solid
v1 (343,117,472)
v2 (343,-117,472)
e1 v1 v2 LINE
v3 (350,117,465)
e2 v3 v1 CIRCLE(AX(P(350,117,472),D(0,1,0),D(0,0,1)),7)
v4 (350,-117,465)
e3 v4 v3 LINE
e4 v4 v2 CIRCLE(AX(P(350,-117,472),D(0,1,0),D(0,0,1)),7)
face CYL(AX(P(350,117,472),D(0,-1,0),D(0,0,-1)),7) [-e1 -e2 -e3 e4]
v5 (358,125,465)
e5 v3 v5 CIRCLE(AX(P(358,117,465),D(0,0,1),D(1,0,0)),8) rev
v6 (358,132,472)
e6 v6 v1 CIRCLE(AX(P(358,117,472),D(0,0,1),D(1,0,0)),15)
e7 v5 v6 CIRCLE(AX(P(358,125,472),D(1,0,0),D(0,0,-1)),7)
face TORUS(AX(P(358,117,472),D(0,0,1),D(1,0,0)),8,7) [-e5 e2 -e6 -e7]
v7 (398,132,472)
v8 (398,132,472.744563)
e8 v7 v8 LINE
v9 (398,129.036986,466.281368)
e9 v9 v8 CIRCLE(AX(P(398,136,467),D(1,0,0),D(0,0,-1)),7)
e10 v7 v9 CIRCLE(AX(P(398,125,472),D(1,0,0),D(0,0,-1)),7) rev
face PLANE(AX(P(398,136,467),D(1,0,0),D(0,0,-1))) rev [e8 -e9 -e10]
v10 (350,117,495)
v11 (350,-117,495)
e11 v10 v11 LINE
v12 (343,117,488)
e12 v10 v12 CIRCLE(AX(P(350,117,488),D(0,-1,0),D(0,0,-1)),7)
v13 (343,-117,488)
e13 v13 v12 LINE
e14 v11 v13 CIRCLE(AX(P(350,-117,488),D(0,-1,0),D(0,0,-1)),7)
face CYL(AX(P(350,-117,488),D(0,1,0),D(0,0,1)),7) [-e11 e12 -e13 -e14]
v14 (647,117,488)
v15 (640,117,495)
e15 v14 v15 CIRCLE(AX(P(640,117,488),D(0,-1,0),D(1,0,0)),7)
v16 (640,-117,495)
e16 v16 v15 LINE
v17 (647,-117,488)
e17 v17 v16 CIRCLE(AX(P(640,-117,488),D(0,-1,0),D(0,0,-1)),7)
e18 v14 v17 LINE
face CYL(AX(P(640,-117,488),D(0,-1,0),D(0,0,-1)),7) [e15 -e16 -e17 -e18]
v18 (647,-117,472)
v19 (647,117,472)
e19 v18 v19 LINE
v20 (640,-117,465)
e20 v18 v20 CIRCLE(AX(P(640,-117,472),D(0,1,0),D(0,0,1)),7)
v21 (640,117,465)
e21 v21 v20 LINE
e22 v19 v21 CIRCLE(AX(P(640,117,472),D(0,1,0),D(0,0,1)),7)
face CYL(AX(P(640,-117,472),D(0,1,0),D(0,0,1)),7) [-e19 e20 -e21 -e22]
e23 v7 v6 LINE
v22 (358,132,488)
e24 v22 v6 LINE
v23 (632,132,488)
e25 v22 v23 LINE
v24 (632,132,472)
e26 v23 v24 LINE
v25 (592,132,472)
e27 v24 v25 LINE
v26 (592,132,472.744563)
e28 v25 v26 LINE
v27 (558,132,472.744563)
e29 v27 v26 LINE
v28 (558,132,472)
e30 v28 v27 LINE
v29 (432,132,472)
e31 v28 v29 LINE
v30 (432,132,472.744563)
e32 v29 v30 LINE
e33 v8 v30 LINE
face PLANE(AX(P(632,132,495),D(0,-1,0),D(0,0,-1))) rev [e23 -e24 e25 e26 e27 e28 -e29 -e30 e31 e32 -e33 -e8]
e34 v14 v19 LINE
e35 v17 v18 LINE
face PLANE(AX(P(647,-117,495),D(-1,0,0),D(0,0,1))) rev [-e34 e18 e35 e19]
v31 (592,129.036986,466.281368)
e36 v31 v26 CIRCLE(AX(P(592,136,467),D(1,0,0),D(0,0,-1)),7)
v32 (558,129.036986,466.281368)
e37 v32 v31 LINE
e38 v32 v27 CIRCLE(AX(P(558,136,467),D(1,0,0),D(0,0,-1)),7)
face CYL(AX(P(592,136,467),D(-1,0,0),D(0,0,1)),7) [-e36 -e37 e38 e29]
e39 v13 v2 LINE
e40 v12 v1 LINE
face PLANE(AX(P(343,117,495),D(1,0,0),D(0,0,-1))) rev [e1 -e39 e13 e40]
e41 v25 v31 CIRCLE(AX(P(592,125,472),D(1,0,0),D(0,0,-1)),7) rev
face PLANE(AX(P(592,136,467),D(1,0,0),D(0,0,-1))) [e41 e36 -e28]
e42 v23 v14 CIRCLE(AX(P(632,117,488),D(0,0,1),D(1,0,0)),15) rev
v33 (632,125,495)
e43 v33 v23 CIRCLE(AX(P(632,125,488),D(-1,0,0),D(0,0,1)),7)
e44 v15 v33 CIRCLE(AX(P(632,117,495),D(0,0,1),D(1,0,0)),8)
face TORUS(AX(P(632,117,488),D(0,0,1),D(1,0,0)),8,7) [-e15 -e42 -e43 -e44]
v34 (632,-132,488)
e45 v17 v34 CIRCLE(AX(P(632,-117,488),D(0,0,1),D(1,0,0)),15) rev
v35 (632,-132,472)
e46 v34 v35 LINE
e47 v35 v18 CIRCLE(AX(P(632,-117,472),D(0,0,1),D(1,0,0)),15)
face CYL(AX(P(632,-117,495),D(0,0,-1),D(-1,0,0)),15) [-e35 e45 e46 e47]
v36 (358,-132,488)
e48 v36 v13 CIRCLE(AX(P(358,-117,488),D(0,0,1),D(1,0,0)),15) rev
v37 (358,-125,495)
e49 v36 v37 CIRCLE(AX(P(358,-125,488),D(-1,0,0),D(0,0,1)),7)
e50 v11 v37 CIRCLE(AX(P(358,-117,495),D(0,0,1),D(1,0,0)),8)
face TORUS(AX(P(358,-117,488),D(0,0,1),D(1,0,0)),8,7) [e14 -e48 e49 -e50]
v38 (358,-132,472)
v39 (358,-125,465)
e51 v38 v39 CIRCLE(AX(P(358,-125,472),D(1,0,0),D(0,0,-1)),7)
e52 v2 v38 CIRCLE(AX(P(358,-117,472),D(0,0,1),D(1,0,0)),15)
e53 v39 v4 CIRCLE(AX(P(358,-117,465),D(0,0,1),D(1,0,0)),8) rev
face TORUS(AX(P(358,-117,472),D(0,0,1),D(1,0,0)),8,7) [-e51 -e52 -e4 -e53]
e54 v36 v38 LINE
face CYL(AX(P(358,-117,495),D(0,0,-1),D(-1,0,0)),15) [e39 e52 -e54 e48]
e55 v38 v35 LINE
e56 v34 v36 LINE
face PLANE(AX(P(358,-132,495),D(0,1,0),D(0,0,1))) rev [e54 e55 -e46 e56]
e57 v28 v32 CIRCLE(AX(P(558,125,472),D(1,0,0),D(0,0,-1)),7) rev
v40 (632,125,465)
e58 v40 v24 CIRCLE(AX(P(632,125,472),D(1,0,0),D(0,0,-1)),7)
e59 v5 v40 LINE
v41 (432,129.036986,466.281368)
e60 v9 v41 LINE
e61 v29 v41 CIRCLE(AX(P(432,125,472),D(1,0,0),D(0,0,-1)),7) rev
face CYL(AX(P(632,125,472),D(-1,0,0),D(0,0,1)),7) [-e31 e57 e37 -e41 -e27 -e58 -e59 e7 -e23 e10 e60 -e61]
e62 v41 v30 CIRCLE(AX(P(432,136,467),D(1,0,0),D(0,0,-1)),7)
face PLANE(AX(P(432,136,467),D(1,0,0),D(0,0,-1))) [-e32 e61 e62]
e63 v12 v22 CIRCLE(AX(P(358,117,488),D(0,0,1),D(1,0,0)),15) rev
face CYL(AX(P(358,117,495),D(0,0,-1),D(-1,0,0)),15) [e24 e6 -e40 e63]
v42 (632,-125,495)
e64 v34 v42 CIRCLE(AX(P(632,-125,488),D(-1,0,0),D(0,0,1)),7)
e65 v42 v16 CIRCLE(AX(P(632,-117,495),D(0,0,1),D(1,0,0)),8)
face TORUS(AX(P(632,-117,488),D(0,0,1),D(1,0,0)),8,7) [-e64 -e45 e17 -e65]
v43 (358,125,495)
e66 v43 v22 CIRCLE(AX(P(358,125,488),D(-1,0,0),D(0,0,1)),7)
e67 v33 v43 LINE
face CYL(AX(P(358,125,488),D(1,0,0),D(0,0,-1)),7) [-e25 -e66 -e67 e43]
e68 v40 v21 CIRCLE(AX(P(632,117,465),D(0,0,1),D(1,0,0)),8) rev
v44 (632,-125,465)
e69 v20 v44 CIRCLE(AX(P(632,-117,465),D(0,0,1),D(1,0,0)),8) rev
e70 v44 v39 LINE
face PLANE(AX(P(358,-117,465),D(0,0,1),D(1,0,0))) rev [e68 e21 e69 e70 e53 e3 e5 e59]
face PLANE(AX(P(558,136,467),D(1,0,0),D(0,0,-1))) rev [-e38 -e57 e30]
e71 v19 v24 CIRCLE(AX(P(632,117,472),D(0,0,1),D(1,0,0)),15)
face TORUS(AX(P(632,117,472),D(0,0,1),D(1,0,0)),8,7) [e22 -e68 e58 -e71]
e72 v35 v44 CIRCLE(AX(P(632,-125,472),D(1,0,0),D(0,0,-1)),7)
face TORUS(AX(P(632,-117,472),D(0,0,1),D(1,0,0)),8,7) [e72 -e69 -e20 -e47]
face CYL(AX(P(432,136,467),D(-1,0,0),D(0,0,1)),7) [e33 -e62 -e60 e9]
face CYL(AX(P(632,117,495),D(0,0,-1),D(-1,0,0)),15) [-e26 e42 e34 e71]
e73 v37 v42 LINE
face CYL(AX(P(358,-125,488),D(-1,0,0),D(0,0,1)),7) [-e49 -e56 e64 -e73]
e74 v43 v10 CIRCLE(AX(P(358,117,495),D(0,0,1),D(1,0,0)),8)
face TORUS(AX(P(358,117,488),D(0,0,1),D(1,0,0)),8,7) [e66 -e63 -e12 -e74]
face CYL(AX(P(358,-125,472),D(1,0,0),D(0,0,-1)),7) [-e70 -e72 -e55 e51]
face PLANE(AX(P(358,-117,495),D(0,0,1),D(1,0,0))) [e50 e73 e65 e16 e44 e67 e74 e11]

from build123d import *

# Parameters (mm, degrees)
BLOCK_START            = 465
BLOCK_1_DEPTH          = 30
BLOCK_EDGE_FILLET_1_R  = 7
EXTRUDE_START          = -17
EXTRUDE_SKETCH_1_R     = 7
EXTRUDE_1_DEPTH        = 34
EXTRUDE_ROTATE_1_ANGLE = 90
EXTRUDE_SKETCH_2_R     = 7
EXTRUDE_2_DEPTH        = 34
EXTRUDE_ROTATE_2_ANGLE = 90


with BuildPart() as part:
    # Block sketch 1 → Block 1 (new body)
    with BuildSketch(Plane.XY.offset(BLOCK_START)):
        with BuildLine():
            Line((358, -132), (632, -132))
            ThreePointArc((632, -132), (642.606601718, -127.606601718), (647, -117))
            Line((647, -117), (647, 117))
            ThreePointArc((647, 117), (642.606601718, 127.606601718), (632, 132))
            Line((632, 132), (358, 132))
            ThreePointArc((358, 132), (347.393398282, 127.606601718), (343, 117))
            Line((343, 117), (343, -117))
            ThreePointArc((343, -117), (347.393398282, -127.606601718), (358, -132))
        make_face()
    extrude(amount=BLOCK_1_DEPTH)

    # Block edge fillet 1
    block_edge_fillet_1_edges = [part.edges().sort_by_distance(p)[0] for p in [
        (647, 0, 465),
        (642.606601718, -127.606601718, 465),
        (495, -132, 465),
        (347.393398282, -127.606601718, 465),
        (642.606601718, -127.606601718, 495),
        (647, 0, 495),
        (642.606601718, 127.606601718, 495),
        (495, 132, 495),
        (347.393398282, 127.606601718, 495),
        (343, 0, 495),
        (347.393398282, -127.606601718, 495),
        (343, 0, 465),
        (495, -132, 495),
        (347.393398282, 127.606601718, 465),
        (495, 132, 465),
        (642.606601718, 127.606601718, 465),
    ]]
    fillet(block_edge_fillet_1_edges, radius=BLOCK_EDGE_FILLET_1_R)


with BuildPart() as body_2:
    # Extrude sketch 1 → Extrude 1 (new body)
    with BuildSketch(Plane.XY.offset(EXTRUDE_START)):
        Circle(EXTRUDE_SKETCH_1_R)
    extrude(amount=EXTRUDE_1_DEPTH)


with BuildPart() as body_2_1:
    # Extrude rotate 1: moved
    add(body_2.part.rotate(Axis((0, 0, 0), (0, 1, 0)), EXTRUDE_ROTATE_1_ANGLE))


with BuildPart() as body_2_2:
    # Extrude place 1: moved
    add(body_2_1.part.moved(Location((415, 136, 467))))


with BuildPart() as body_3:
    # Extrude sketch 2 → Extrude 2 (new body)
    with BuildSketch(Plane.XY.offset(EXTRUDE_START)):
        Circle(EXTRUDE_SKETCH_2_R)
    extrude(amount=EXTRUDE_2_DEPTH)


with BuildPart() as body_3_1:
    # Extrude rotate 2: moved
    add(body_3.part.rotate(Axis((0, 0, 0), (0, 1, 0)), EXTRUDE_ROTATE_2_ANGLE))


with BuildPart() as body_3_2:
    # Extrude place 2: moved
    add(body_3_1.part.moved(Location((575, 136, 467))))


with BuildPart() as part_1:
    add(part.part)

    # Combine (weld / assembly of features): union body 3, body 2
    add(body_3_2.part)
    add(body_2_2.part)


solid = part_1.part
